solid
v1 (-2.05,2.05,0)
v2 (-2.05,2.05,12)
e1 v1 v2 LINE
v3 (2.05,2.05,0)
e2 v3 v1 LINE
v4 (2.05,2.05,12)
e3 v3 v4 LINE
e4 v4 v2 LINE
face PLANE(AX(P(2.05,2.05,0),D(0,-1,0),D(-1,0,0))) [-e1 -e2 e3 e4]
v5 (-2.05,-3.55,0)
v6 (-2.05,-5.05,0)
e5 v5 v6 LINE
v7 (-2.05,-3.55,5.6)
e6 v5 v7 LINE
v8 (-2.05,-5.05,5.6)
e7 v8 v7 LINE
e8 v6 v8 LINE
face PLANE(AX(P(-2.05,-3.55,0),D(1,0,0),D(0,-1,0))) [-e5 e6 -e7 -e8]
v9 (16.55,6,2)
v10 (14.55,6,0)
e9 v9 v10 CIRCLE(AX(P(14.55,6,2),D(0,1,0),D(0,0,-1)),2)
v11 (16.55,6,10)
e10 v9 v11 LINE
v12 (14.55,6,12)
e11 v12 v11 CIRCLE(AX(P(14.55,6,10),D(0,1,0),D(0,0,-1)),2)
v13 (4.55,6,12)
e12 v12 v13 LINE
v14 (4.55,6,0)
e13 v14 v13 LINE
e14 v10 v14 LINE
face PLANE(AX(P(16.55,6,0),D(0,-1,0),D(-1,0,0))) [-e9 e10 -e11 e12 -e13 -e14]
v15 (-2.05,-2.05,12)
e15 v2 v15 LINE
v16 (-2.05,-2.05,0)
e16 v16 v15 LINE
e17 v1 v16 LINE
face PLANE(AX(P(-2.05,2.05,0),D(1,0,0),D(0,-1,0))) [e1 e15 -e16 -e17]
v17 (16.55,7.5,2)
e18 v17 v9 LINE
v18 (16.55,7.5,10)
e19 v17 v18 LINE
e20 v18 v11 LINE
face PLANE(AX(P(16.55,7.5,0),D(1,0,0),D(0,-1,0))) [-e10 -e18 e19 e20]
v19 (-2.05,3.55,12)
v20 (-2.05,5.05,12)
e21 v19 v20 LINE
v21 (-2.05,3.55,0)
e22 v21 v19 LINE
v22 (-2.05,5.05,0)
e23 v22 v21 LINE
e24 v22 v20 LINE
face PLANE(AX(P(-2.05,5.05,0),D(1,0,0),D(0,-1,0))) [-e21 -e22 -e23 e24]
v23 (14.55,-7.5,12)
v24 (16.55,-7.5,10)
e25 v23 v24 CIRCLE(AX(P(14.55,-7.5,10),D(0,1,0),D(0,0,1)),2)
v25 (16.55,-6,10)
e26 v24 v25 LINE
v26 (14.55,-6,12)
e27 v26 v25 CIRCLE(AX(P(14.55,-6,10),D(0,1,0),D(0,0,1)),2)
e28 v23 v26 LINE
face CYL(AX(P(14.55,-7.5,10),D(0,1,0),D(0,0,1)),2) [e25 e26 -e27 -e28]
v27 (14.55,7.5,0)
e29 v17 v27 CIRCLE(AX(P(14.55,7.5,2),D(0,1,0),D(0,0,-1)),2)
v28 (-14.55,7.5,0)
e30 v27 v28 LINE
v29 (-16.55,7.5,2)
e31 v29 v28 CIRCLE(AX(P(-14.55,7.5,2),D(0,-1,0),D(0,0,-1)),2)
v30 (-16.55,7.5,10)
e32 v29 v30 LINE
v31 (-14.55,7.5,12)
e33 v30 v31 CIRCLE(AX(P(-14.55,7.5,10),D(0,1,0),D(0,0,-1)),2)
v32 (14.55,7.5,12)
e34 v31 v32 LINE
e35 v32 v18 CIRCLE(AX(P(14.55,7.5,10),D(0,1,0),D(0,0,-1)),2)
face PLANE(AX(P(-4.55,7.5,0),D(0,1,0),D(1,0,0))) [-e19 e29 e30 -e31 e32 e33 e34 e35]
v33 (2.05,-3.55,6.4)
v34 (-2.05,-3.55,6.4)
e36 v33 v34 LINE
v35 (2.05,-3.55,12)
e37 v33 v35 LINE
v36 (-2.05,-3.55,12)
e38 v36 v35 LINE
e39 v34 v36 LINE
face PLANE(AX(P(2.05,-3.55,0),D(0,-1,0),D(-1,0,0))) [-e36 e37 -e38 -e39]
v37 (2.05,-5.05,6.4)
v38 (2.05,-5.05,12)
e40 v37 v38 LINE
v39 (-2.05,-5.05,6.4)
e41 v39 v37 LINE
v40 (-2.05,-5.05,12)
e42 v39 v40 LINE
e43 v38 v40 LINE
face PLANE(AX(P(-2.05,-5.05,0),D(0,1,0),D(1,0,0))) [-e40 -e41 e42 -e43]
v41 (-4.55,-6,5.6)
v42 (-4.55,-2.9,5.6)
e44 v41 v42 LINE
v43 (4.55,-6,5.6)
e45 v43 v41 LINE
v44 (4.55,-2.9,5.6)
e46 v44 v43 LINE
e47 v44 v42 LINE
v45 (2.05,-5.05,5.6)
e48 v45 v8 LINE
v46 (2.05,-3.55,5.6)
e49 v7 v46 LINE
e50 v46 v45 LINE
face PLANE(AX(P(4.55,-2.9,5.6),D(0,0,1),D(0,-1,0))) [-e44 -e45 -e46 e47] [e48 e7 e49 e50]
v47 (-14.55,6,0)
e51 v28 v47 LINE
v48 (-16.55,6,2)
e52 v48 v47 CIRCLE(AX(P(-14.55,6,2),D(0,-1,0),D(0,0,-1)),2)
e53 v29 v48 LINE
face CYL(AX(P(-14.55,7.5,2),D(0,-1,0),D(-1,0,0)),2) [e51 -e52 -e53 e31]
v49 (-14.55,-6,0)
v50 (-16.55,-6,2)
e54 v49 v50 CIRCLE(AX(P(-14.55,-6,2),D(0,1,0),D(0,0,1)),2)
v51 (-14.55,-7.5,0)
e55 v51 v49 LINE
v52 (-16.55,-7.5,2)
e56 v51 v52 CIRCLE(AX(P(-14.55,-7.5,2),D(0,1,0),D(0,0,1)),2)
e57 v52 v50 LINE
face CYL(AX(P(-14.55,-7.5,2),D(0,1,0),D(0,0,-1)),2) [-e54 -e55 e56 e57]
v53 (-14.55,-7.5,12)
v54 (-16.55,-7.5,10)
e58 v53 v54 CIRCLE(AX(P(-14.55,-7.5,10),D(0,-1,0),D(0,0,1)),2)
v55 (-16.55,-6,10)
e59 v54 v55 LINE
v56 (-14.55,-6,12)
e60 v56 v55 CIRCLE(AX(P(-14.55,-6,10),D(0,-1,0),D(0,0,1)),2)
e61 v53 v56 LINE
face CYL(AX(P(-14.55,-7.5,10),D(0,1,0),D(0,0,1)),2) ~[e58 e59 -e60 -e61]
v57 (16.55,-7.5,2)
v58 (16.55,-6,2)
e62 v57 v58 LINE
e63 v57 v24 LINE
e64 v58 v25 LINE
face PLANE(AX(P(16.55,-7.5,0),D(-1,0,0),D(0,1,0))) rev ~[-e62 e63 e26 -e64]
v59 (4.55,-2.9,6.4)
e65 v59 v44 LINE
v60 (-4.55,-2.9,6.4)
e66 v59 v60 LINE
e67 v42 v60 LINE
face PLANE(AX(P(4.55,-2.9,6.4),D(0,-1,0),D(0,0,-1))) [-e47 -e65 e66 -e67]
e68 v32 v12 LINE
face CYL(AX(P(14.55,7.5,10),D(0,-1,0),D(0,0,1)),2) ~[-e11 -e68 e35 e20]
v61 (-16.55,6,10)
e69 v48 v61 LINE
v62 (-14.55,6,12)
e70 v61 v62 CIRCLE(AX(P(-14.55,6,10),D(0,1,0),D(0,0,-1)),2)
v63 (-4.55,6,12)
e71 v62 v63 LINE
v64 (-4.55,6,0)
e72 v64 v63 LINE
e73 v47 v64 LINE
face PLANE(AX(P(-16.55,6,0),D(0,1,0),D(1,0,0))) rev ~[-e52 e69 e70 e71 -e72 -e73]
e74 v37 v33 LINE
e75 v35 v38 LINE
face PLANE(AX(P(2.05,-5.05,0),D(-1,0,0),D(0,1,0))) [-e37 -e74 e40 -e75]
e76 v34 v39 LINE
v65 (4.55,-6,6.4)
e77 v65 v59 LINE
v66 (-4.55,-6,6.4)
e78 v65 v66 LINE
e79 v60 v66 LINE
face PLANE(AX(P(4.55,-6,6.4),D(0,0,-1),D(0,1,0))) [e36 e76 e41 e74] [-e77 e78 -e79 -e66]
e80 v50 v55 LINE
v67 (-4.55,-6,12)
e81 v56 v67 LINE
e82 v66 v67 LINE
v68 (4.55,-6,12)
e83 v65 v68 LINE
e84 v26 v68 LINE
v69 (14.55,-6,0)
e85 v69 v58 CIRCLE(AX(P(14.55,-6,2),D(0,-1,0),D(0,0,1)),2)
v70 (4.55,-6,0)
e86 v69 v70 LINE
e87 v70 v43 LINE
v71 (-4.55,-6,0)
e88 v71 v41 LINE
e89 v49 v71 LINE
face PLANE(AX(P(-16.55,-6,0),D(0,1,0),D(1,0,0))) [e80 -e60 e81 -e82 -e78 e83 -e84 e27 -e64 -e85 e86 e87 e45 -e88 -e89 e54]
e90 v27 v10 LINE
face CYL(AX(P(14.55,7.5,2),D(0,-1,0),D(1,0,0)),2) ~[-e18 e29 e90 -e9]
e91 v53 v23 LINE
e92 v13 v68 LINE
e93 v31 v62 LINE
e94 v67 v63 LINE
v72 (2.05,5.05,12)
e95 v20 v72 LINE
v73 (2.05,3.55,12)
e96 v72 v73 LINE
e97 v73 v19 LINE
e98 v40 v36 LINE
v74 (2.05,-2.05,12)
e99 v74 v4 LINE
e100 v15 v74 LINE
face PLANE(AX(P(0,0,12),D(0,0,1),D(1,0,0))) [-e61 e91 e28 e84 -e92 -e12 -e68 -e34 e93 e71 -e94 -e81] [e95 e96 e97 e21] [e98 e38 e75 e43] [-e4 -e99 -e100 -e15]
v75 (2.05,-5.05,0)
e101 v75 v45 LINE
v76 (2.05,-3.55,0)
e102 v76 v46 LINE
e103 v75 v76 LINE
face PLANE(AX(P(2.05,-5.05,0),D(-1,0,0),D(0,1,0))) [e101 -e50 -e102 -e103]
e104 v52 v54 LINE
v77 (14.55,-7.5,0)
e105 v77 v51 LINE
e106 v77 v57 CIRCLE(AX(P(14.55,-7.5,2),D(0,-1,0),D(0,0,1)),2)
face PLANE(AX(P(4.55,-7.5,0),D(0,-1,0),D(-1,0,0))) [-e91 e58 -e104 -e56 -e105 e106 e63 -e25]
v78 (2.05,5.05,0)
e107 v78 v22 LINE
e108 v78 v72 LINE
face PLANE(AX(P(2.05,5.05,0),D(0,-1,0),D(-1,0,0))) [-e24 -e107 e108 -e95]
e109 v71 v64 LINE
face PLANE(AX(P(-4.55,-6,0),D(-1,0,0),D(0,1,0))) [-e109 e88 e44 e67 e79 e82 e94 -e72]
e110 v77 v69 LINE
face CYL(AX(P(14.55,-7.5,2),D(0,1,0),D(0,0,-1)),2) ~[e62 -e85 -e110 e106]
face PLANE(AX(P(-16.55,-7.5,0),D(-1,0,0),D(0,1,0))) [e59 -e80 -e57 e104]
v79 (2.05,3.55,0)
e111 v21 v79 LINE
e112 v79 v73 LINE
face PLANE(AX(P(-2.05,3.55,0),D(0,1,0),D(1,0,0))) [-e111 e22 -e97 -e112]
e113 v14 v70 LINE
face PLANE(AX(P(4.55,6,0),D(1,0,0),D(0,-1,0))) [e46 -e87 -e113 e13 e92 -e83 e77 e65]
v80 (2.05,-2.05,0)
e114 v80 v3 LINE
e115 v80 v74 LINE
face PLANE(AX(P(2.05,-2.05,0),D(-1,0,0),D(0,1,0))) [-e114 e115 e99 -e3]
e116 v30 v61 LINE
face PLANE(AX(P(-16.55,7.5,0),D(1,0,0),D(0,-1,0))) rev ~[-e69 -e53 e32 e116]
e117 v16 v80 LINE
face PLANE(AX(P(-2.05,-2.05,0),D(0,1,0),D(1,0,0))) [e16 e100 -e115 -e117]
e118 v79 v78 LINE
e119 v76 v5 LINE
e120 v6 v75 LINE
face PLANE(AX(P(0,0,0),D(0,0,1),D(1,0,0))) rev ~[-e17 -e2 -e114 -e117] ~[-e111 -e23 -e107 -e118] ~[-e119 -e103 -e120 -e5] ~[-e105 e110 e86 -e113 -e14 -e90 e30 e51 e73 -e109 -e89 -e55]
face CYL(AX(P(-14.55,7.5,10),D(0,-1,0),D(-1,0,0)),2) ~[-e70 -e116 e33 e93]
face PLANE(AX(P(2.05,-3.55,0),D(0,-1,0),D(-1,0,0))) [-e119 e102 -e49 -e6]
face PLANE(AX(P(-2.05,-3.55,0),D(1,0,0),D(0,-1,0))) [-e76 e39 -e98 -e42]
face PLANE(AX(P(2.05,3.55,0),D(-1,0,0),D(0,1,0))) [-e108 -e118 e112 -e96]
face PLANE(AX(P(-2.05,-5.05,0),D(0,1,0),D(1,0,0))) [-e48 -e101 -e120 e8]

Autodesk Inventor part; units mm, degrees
sketch "Sketch1" plane through (0, 0, 0) normal (0, 0, 1) x (1, 0, 0)
  line L0 (-4.55, 7.5) -> (4.55, 7.5)
  line L1 (4.55, 7.5) -> (4.55, -7.5)
  line L2 (4.55, -7.5) -> (-4.55, -7.5)
  line L3 (-4.55, -7.5) -> (-4.55, 7.5)
  line L4 (-4.55, 7.5) -> (4.55, -7.5) construction
  line L5 (4.55, 7.5) -> (-4.55, -7.5) construction
  line L6 (-2.05, -2.05) -> (2.05, -2.05)
  line L7 (2.05, -2.05) -> (2.05, 2.05)
  line L8 (2.05, 2.05) -> (-2.05, 2.05)
  line L9 (-2.05, 2.05) -> (-2.05, -2.05)
  line L10 (-2.05, -2.05) -> (2.05, 2.05) construction
  line L11 (2.05, -2.05) -> (-2.05, 2.05) construction
  line L12 (-4.55, 7.5) -> (-16.55, 7.5)
  line L13 (-16.55, 7.5) -> (-16.55, 6)
  line L14 (-16.55, 6) -> (-4.55, 6)
  line L15 (-4.55, 6) -> (-4.55, 7.5)
  line L16 (-4.55, -7.5) -> (-16.55, -7.5)
  line L17 (-16.55, -7.5) -> (-16.55, -6)
  line L18 (-16.55, -6) -> (-4.55, -6)
  line L19 (-4.55, -6) -> (-4.55, -7.5)
  line L20 (4.55, 7.5) -> (16.55, 7.5)
  line L21 (16.55, 7.5) -> (16.55, 6)
  line L22 (16.55, 6) -> (4.55, 6)
  line L23 (4.55, 6) -> (4.55, 7.5)
  line L24 (4.55, -7.5) -> (16.55, -7.5)
  line L25 (16.55, -7.5) -> (16.55, -6)
  line L26 (16.55, -6) -> (4.55, -6)
  line L27 (4.55, -6) -> (4.55, -7.5)
  point P0 (0, 0)
  point P1 (-4.55, 6)
  point P2 (-4.55, -6)
  point P3 (4.55, 6)
  dimension "d0" = 15
  dimension "d1" = 9.1
  dimension "d2" = 4.1
  dimension "d3" = 4.1
  dimension "d4" = 12
  dimension "d5" = 1.5
  dimension "d8" = 1.5
  dimension "d9" = 12
  dimension "d10" = 12
  dimension "d11" = 1.5
  dimension "d12" = 12
extrude "Extrusion1" add sketch "Sketch1" along normal blind 12
sketch "Sketch3" plane through (4.55, -6, 0) normal (1, 0, 0) x (0, 0, -1)
  line L0 (-6.4, 3.1) -> (-5.6, 3.1)
  line L1 (-5.6, 3.1) -> (-5.6, 0)
  line L2 (-5.6, 0) -> (-6.4, 0)
  line L3 (-6.4, 0) -> (-6.4, 3.1)
  line L4 (0, 12) -> (-12, 12) projected
  line L5 (0, 0) -> (0, 12) projected
  line L6 (0, 0) -> (-12, 0) projected
  point P0 (0, 6)
  dimension "d24" = 3.1
  dimension "d25" = 0.8
  dimension "d30" = 0
  dimension "d39" = 12
  dimension "d40" = 5.6
extrude "Extrusion3" cut sketch "Sketch3" against normal through all
sketch "Sketch5" plane through (0, 0, 0) normal (0, 0, -1) x (-1, 0, 0)
  line L0 (-2.05, 5.05) -> (2.05, 5.05)
  line L1 (2.05, 5.05) -> (2.05, 3.55)
  line L2 (2.05, 3.55) -> (-2.05, 3.55)
  line L3 (-2.05, 3.55) -> (-2.05, 5.05)
  line L4 (-2.05, -3.55) -> (2.05, -3.55)
  line L5 (2.05, -3.55) -> (2.05, -5.05)
  line L6 (2.05, -5.05) -> (-2.05, -5.05)
  line L7 (-2.05, -5.05) -> (-2.05, -3.55)
  line L8 (2.05, 2.05) -> (-2.05, 2.05) projected
  line L9 (2.05, -2.05) -> (2.05, 2.05) projected
  line L10 (-2.05, -2.05) -> (2.05, -2.05) projected
  point P0 (0, 0)
  dimension "d31" = 4.1
  dimension "d32" = 4.1
  dimension "d33" = 1.5
  dimension "d34" = 1.5
  dimension "d35" = 1.5
  dimension "d36" = 1.5
extrude "Extrusion4" cut sketch "Sketch5" against normal through all
fillet "Fillet2" radius 2 8 edges at (-16.55, 6.75, 0) (-16.55, 6.75, 12) (-16.55, -6.75, 0) (-16.55, -6.75, 12) (16.55, 6.75, 12) (16.55, -6.75, 12) (16.55, 6.75, 0) (16.55, -6.75, 0)
equation "\"d40\" = -0.5 * d25 + 0.5 * d39"
equation "\"d31\" = d32"
properties part number "wing_clamp_interface"
